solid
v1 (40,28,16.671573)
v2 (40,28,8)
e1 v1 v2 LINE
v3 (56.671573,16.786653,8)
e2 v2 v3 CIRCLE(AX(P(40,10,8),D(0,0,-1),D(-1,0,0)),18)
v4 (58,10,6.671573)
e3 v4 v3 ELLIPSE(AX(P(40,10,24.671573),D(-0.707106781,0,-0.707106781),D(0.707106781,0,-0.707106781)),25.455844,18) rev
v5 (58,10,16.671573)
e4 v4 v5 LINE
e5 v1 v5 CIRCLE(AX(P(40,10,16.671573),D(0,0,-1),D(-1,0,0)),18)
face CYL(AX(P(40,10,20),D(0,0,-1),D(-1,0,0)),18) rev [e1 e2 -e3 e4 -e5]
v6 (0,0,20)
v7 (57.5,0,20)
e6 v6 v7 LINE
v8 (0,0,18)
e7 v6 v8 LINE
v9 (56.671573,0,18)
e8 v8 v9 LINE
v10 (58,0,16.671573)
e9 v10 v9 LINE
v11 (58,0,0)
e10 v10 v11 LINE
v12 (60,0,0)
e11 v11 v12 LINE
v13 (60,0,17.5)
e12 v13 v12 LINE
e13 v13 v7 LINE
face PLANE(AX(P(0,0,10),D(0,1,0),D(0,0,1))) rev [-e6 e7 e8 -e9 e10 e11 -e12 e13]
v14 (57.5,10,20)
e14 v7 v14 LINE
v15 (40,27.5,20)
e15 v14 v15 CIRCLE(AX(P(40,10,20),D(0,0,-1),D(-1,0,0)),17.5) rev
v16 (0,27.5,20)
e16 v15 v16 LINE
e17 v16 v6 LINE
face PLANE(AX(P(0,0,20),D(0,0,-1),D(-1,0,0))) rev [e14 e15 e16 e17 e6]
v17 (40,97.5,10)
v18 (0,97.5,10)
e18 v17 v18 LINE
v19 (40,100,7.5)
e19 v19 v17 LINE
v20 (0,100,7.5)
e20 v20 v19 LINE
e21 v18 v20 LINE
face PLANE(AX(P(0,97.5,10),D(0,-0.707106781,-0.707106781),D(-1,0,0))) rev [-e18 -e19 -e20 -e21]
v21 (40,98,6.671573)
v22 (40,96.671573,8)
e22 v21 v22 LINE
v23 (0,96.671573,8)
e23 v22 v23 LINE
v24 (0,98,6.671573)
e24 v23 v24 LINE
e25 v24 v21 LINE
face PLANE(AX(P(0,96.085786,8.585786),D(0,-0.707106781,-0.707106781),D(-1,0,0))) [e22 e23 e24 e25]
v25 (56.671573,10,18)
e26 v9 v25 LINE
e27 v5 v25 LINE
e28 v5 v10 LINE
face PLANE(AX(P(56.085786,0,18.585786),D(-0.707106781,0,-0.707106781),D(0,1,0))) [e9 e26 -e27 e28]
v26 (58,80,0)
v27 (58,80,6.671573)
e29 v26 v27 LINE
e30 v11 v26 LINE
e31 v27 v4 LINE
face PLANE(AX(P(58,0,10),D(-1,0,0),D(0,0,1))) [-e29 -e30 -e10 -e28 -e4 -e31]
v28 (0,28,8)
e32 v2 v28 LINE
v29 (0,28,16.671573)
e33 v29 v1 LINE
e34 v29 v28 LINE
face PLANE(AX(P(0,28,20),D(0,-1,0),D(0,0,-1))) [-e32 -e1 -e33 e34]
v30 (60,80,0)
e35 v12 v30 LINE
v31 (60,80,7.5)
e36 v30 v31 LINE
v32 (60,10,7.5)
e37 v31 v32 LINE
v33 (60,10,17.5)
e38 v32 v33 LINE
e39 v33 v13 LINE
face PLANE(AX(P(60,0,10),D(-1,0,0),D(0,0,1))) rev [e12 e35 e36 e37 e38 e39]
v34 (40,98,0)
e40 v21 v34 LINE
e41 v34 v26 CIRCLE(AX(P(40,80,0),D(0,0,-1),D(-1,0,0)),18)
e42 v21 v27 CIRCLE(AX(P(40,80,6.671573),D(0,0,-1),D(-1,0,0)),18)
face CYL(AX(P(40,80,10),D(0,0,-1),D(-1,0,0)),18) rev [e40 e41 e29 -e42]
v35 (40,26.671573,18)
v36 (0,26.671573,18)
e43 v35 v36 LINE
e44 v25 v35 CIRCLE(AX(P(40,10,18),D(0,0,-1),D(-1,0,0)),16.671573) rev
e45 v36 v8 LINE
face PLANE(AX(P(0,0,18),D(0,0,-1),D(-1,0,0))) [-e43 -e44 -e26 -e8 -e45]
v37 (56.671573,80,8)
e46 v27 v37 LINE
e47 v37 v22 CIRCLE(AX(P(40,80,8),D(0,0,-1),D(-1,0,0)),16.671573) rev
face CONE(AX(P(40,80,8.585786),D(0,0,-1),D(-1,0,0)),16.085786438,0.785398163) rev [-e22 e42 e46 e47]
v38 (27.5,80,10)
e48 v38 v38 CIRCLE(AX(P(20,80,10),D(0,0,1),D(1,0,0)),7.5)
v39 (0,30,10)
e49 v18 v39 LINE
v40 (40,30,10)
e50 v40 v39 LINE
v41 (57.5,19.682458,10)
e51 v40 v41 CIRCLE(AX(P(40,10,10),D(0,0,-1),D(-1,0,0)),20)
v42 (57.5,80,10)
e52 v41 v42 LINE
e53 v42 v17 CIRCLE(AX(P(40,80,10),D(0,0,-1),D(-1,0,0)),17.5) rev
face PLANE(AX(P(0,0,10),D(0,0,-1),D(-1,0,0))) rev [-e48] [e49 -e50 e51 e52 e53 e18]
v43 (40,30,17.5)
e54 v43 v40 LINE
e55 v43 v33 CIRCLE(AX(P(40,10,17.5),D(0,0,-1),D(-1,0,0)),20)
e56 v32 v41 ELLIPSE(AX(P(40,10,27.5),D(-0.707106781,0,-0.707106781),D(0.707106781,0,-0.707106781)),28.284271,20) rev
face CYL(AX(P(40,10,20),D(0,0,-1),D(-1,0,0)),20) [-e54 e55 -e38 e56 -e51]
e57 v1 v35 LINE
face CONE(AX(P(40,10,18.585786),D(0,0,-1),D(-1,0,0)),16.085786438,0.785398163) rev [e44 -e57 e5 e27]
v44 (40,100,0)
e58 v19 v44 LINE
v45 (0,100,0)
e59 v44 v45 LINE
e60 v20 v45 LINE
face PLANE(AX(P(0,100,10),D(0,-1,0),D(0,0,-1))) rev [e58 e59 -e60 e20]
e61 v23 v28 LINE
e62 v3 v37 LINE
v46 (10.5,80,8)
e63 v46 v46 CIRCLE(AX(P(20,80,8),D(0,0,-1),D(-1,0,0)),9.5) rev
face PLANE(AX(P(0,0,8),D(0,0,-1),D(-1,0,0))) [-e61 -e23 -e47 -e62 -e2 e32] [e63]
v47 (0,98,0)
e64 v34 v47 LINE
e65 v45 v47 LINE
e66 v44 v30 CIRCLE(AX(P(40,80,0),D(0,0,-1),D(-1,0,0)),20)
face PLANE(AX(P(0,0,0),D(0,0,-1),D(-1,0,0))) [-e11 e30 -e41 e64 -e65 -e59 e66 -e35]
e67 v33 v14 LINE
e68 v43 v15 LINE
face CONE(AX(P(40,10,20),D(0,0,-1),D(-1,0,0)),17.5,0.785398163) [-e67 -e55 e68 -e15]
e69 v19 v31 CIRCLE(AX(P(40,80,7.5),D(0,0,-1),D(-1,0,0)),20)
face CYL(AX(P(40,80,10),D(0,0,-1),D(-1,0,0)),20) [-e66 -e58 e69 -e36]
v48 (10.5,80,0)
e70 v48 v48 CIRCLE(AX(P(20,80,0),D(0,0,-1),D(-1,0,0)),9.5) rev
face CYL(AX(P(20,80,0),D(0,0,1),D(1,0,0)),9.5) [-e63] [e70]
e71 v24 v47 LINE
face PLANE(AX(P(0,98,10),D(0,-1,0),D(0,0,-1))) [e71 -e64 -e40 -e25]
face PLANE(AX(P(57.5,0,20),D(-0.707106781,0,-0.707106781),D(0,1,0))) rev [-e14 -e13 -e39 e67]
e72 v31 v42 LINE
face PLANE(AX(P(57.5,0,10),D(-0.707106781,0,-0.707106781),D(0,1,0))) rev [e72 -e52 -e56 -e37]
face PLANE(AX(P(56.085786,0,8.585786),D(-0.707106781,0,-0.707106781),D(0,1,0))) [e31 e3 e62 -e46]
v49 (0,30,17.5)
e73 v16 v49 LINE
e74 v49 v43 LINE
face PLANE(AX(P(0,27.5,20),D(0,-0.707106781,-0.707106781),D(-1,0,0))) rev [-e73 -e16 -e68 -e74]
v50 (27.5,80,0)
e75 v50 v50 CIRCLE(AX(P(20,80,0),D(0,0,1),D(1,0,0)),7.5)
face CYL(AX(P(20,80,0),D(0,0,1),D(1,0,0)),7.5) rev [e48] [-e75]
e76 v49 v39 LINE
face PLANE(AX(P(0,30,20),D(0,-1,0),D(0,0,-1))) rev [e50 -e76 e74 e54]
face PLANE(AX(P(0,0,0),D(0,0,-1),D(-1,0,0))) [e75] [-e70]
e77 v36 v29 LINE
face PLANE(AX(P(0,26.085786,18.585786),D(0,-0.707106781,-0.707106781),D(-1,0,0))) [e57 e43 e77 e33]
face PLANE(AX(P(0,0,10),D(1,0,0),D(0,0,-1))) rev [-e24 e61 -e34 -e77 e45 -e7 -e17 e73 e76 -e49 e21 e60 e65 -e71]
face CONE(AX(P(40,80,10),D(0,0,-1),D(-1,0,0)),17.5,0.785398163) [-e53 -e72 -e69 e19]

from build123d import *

# Parameters (mm, degrees)
SKETCH1_W           = 60
SKETCH1_H           = 100
BOSS_EXTRUDE2_DEPTH = 10
SKETCH4_W           = 60
SKETCH4_H           = 30
BOSS_EXTRUDE3_DEPTH = 10
SKETCH5_R           = 7.5
CUT_EXTRUDE1_DEPTH  = 118.046999107
FILLET1_R           = 20
CHAMFER1_SIZE       = 2.5
SHELL3_T            = -2


with BuildPart() as part:
    # Sketch1 → Boss-Extrude2 (new body)
    with BuildSketch(Plane.XY):
        with Locations((30, 50)):
            Rectangle(SKETCH1_W, SKETCH1_H)
    extrude(amount=BOSS_EXTRUDE2_DEPTH)

    # Sketch4 → Boss-Extrude3 (add)
    with BuildSketch(Plane.XY.offset(10)):
        with Locations((30, 15)):
            Rectangle(SKETCH4_W, SKETCH4_H)
    extrude(amount=BOSS_EXTRUDE3_DEPTH)

    # Sketch5 → Cut-Extrude1 (cut, through all)
    with BuildSketch(Plane.XY.offset(10)):
        with Locations((20, 80)):
            Circle(SKETCH5_R)
    extrude(amount=-CUT_EXTRUDE1_DEPTH, mode=Mode.SUBTRACT)

    # Fillet1
    fillet1_edges = [part.edges().sort_by_distance(p)[0] for p in [
        (60, 30, 15),
        (60, 100, 5),
    ]]
    fillet(fillet1_edges, radius=FILLET1_R)

    # Chamfer1
    chamfer1_edges = [part.edges().sort_by_distance(p)[0] for p in [
        (60, 45, 10),
        (60, 5, 20),
        (20, 30, 20),
        (54.142135624, 24.142135624, 20),
        (20, 100, 10),
        (54.142135624, 94.142135624, 10),
    ]]
    chamfer(chamfer1_edges, length=CHAMFER1_SIZE)

    # Shell3
    shell3_openings = [part.faces().sort_by_distance(p)[0] for p in [
        (29.925995833, 48.394756988, 0),
        (29.923846823, 0, 9.976066144),
        (0, 41.815619968, 7.274557166),
    ]]
    offset(amount=SHELL3_T, openings=shell3_openings, kind=Kind.INTERSECTION)


solid = part.part
